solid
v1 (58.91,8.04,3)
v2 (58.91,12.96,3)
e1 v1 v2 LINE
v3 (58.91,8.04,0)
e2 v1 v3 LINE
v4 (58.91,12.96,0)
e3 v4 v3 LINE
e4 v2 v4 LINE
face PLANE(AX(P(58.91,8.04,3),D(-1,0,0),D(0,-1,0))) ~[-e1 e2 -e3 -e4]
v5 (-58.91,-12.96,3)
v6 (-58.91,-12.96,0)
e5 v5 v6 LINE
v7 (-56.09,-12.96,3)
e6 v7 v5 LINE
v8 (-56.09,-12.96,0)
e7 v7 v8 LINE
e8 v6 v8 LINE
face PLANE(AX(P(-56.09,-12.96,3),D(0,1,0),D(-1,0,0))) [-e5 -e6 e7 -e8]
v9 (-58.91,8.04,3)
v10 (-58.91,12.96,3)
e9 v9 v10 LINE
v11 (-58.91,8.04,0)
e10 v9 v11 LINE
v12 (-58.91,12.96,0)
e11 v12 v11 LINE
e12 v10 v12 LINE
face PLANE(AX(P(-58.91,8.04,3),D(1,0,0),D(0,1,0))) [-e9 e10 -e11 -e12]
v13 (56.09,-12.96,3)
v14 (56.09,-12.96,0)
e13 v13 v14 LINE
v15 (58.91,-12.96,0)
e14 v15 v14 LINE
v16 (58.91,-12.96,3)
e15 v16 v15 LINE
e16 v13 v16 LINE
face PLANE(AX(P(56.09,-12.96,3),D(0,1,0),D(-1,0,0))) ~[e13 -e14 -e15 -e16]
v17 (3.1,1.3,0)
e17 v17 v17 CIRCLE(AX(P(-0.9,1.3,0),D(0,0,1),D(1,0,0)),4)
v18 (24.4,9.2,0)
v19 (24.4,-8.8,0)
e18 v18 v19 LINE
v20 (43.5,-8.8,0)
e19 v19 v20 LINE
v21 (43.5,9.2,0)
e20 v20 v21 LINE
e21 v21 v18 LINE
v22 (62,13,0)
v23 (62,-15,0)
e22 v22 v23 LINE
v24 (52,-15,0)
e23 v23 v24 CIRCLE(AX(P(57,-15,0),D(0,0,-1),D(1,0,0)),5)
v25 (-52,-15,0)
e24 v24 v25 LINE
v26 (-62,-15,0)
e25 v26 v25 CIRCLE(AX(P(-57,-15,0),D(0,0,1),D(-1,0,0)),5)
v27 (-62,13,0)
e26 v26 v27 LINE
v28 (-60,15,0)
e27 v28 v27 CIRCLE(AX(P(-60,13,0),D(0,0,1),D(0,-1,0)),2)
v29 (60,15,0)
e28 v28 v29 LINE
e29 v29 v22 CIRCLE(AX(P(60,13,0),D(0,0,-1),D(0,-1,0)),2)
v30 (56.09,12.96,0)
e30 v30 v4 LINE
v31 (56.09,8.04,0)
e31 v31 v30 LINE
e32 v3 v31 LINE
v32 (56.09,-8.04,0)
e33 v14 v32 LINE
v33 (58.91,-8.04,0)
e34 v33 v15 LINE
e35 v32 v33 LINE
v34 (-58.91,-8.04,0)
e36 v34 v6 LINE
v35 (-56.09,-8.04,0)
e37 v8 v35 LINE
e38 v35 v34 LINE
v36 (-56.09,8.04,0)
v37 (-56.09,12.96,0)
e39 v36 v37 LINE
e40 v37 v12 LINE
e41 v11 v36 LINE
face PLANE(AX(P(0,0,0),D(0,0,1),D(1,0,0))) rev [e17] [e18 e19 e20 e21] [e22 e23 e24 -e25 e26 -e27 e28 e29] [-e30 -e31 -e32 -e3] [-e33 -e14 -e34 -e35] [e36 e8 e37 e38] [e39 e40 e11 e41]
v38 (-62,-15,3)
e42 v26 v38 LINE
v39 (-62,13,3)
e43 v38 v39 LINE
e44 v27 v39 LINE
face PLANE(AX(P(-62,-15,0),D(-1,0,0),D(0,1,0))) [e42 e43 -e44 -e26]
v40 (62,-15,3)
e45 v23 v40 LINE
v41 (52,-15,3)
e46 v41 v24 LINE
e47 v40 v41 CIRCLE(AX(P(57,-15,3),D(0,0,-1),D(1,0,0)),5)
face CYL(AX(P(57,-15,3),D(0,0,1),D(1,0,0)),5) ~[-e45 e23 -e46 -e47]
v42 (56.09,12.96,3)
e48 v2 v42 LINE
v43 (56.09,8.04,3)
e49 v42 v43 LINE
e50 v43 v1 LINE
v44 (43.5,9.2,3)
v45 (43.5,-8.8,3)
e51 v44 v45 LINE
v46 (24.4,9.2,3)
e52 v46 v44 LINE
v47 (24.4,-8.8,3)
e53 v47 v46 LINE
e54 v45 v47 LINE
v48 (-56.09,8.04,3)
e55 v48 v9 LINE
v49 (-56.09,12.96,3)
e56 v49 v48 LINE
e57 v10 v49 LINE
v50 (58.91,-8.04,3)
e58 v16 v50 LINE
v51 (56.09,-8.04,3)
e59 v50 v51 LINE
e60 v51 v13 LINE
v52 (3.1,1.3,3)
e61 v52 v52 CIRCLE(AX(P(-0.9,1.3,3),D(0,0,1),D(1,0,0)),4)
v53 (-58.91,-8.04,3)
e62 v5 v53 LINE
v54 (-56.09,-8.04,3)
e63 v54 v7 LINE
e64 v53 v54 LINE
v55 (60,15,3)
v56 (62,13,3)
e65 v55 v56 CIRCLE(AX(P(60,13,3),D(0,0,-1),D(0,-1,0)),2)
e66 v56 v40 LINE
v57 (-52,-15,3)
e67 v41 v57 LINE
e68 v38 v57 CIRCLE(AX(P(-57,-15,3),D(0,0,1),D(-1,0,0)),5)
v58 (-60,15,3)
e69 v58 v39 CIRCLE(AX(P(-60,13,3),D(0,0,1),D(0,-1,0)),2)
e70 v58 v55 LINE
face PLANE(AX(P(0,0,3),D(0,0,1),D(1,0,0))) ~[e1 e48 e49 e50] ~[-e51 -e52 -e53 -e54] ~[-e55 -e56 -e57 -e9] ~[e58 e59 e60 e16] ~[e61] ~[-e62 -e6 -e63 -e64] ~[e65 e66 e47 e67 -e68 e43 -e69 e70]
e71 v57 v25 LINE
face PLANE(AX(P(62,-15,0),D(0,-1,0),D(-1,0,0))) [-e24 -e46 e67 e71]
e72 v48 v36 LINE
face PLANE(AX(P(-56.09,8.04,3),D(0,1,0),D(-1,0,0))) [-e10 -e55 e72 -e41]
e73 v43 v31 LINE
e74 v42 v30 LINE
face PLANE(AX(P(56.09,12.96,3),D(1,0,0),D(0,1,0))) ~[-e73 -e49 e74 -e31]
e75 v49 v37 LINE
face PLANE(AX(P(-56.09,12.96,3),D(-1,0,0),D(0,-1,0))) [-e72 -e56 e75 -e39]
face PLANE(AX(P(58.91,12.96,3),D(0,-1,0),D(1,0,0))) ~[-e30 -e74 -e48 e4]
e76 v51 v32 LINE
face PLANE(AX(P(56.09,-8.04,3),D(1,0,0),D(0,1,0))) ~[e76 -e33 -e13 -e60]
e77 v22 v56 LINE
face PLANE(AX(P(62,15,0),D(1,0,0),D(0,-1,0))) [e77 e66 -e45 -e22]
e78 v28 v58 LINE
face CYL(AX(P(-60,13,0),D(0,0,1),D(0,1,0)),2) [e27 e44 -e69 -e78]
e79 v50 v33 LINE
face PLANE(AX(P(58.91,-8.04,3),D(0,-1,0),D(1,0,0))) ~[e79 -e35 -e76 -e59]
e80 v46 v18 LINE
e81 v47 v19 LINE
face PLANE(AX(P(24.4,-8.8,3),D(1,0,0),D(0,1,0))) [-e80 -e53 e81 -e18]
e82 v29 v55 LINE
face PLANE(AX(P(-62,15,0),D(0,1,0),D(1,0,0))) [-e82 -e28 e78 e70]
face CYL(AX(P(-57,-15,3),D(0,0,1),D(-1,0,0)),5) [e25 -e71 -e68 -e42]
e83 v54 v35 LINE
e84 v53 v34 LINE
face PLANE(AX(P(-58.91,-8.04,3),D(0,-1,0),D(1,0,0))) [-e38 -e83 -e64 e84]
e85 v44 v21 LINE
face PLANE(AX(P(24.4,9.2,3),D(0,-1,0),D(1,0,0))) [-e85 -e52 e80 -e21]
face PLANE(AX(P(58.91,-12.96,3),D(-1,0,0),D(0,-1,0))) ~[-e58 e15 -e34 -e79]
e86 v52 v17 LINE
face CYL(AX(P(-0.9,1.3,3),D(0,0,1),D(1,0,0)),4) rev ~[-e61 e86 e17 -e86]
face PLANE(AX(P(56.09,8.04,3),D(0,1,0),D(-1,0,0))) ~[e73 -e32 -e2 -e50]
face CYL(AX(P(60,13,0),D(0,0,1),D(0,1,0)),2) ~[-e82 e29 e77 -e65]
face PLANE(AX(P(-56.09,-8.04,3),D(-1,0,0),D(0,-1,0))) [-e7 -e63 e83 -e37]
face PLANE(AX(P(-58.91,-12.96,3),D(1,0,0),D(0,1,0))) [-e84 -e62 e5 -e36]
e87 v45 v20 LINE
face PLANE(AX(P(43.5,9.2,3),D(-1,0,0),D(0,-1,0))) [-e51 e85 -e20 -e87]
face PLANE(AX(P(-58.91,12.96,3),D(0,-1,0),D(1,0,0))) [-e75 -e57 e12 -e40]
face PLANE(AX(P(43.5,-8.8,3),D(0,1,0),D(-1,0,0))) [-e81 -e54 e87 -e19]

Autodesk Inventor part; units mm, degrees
ref_plane "YZ Plane" through (0, 0, 0) normal (1, 0, 0) x (0, 1, 0)
ref_plane "XZ Plane" through (0, 0, 0) normal (0, 1, 0) x (-1, 0, 0)
ref_plane "XY Plane" through (0, 0, 0) normal (0, 0, 1) x (1, 0, 0)
sketch "Sketch1" plane through (0, 0, 0) normal (0, 0, 1) x (1, 0, 0)
  line L0 (-62, 15) -> (62, 15)
  line L1 (62, 15) -> (62, -15)
  line L2 (62, -15) -> (-62, -15)
  line L3 (-62, -15) -> (-62, 15)
  line L4 (-62, 15) -> (62, -15) construction
  line L5 (62, 15) -> (-62, -15) construction
  point P0 (0, 0)
  dimension "d0" = 124
  dimension "d1" = 30
extrude "Extrusion1" add sketch "Sketch1" along normal blind 3
sketch "Sketch3" plane through (0, 0, 3) normal (0, 0, 1) x (1, 0, 0)
  line L0 (62, 15) -> (-62, 15) projected
  line L1 (-62, -15) -> (62, -15) projected
  arc A0 (-62, -15) -> (-52, -15) centre (-57, -15) ccw
  line L2 (-62, -15) -> (-52, -15)
  point P0 (0, 0)
extrude "Extrusion3" add sketch "Sketch3" against normal blind 3
mirror "Mirror2" about plane through (0, 0, 0) normal (1, 0, 0) of "Extrusion3"
fillet "Fillet1" radius 2 1 edges at (-62, 15, 1.5)
fillet "Fillet2" radius 2 1 edges at (62, 15, 1.5)
sketch "Sketch5" plane through (0, 0, 3) normal (0, 0, 1) x (1, 0, 0)
  line L0 (-58.91, 12.96) -> (-56.09, 12.96)
  line L1 (-56.09, 12.96) -> (-56.09, 8.04)
  line L2 (-56.09, 8.04) -> (-58.91, 8.04)
  line L3 (-58.91, 8.04) -> (-58.91, 12.96)
  line L4 (-58.91, 12.96) -> (-56.09, 8.04) construction
  line L5 (-56.09, 12.96) -> (-58.91, 8.04) construction
  line L6 (60, 15) -> (-60, 15) projected
  line L7 (-58.91, -8.04) -> (-56.09, -8.04)
  line L8 (-56.09, -8.04) -> (-56.09, -12.96)
  line L9 (-56.09, -12.96) -> (-58.91, -12.96)
  line L10 (-58.91, -12.96) -> (-58.91, -8.04)
  line L11 (-58.91, -8.04) -> (-56.09, -12.96) construction
  line L12 (-56.09, -8.04) -> (-58.91, -12.96) construction
  line L13 (-52, -15) -> (52, -15) projected
  point P0 (0, 0)
  point P1 (-57.5, 10.5)
  point P2 (-57.5, -10.5)
  point P3 (-57.5, -10.5)
  point P4 (-57.5, 10.5)
  dimension "d31" = 2.82
  dimension "d32" = 4.92
  dimension "d33" = 57.5
  dimension "d34" = 4.5
  dimension "d35" = 4.5
extrude "Extrusion5" cut sketch "Sketch5" against normal through all
mirror "Mirror3" about plane through (0, 0, 0) normal (1, 0, 0) of "Extrusion5"
sketch "Sketch4" plane through (0, 0, 3) normal (0, 0, 1) x (1, 0, 0)
  line L0 (24.4, 9.2) -> (43.5, 9.2)
  line L1 (43.5, 9.2) -> (43.5, -8.8)
  line L2 (43.5, -8.8) -> (24.4, -8.8)
  line L3 (24.4, -8.8) -> (24.4, 9.2)
  circle A0 centre (-0.9, 1.3) radius 4
  line L4 (62, -15) -> (62, 13) projected
  line L5 (-52, -15) -> (52, -15) projected
  line L6 (48.8866, -5.2) -> (-45.0961, -5.2) construction
  line L7 (-51.0965, -10) -> (52, -10) construction
  line L8 (58.91, -12.96) -> (56.09, -12.96) projected
  line L9 (56.09, -12.96) -> (56.09, -8.04) projected
  line L10 (56.09, -8.04) -> (58.91, -8.04) projected
  line L11 (58.91, -8.04) -> (58.91, -12.96) projected
  line L12 (56.09, -8.04) -> (58.91, -12.96) construction
  line L13 (56.09, -12.96) -> (58.91, -8.04) construction
  line L14 (60, 15) -> (-60, 15) projected
  point P0 (0, 0)
  point P1 (57.5, -10.5)
  dimension "d19" = 18
  dimension "d20" = 19.1
  dimension "d24" = 8
  dimension "d28" = 3.6
  dimension "d29" = 5
  dimension "d30" = 4.8
  dimension "d39" = 58.4
  dimension "d41" = 13.7
  dimension "d42" = 18.5
extrude "Extrusion4" cut sketch "Sketch4" against normal through all contours L0 L1 L2 L3 | A0
equation "\"d35\" = d34"
equation "\"kerf\" = 0.13"
properties part number "FrontPanel" material "Acrylic, Clear"
